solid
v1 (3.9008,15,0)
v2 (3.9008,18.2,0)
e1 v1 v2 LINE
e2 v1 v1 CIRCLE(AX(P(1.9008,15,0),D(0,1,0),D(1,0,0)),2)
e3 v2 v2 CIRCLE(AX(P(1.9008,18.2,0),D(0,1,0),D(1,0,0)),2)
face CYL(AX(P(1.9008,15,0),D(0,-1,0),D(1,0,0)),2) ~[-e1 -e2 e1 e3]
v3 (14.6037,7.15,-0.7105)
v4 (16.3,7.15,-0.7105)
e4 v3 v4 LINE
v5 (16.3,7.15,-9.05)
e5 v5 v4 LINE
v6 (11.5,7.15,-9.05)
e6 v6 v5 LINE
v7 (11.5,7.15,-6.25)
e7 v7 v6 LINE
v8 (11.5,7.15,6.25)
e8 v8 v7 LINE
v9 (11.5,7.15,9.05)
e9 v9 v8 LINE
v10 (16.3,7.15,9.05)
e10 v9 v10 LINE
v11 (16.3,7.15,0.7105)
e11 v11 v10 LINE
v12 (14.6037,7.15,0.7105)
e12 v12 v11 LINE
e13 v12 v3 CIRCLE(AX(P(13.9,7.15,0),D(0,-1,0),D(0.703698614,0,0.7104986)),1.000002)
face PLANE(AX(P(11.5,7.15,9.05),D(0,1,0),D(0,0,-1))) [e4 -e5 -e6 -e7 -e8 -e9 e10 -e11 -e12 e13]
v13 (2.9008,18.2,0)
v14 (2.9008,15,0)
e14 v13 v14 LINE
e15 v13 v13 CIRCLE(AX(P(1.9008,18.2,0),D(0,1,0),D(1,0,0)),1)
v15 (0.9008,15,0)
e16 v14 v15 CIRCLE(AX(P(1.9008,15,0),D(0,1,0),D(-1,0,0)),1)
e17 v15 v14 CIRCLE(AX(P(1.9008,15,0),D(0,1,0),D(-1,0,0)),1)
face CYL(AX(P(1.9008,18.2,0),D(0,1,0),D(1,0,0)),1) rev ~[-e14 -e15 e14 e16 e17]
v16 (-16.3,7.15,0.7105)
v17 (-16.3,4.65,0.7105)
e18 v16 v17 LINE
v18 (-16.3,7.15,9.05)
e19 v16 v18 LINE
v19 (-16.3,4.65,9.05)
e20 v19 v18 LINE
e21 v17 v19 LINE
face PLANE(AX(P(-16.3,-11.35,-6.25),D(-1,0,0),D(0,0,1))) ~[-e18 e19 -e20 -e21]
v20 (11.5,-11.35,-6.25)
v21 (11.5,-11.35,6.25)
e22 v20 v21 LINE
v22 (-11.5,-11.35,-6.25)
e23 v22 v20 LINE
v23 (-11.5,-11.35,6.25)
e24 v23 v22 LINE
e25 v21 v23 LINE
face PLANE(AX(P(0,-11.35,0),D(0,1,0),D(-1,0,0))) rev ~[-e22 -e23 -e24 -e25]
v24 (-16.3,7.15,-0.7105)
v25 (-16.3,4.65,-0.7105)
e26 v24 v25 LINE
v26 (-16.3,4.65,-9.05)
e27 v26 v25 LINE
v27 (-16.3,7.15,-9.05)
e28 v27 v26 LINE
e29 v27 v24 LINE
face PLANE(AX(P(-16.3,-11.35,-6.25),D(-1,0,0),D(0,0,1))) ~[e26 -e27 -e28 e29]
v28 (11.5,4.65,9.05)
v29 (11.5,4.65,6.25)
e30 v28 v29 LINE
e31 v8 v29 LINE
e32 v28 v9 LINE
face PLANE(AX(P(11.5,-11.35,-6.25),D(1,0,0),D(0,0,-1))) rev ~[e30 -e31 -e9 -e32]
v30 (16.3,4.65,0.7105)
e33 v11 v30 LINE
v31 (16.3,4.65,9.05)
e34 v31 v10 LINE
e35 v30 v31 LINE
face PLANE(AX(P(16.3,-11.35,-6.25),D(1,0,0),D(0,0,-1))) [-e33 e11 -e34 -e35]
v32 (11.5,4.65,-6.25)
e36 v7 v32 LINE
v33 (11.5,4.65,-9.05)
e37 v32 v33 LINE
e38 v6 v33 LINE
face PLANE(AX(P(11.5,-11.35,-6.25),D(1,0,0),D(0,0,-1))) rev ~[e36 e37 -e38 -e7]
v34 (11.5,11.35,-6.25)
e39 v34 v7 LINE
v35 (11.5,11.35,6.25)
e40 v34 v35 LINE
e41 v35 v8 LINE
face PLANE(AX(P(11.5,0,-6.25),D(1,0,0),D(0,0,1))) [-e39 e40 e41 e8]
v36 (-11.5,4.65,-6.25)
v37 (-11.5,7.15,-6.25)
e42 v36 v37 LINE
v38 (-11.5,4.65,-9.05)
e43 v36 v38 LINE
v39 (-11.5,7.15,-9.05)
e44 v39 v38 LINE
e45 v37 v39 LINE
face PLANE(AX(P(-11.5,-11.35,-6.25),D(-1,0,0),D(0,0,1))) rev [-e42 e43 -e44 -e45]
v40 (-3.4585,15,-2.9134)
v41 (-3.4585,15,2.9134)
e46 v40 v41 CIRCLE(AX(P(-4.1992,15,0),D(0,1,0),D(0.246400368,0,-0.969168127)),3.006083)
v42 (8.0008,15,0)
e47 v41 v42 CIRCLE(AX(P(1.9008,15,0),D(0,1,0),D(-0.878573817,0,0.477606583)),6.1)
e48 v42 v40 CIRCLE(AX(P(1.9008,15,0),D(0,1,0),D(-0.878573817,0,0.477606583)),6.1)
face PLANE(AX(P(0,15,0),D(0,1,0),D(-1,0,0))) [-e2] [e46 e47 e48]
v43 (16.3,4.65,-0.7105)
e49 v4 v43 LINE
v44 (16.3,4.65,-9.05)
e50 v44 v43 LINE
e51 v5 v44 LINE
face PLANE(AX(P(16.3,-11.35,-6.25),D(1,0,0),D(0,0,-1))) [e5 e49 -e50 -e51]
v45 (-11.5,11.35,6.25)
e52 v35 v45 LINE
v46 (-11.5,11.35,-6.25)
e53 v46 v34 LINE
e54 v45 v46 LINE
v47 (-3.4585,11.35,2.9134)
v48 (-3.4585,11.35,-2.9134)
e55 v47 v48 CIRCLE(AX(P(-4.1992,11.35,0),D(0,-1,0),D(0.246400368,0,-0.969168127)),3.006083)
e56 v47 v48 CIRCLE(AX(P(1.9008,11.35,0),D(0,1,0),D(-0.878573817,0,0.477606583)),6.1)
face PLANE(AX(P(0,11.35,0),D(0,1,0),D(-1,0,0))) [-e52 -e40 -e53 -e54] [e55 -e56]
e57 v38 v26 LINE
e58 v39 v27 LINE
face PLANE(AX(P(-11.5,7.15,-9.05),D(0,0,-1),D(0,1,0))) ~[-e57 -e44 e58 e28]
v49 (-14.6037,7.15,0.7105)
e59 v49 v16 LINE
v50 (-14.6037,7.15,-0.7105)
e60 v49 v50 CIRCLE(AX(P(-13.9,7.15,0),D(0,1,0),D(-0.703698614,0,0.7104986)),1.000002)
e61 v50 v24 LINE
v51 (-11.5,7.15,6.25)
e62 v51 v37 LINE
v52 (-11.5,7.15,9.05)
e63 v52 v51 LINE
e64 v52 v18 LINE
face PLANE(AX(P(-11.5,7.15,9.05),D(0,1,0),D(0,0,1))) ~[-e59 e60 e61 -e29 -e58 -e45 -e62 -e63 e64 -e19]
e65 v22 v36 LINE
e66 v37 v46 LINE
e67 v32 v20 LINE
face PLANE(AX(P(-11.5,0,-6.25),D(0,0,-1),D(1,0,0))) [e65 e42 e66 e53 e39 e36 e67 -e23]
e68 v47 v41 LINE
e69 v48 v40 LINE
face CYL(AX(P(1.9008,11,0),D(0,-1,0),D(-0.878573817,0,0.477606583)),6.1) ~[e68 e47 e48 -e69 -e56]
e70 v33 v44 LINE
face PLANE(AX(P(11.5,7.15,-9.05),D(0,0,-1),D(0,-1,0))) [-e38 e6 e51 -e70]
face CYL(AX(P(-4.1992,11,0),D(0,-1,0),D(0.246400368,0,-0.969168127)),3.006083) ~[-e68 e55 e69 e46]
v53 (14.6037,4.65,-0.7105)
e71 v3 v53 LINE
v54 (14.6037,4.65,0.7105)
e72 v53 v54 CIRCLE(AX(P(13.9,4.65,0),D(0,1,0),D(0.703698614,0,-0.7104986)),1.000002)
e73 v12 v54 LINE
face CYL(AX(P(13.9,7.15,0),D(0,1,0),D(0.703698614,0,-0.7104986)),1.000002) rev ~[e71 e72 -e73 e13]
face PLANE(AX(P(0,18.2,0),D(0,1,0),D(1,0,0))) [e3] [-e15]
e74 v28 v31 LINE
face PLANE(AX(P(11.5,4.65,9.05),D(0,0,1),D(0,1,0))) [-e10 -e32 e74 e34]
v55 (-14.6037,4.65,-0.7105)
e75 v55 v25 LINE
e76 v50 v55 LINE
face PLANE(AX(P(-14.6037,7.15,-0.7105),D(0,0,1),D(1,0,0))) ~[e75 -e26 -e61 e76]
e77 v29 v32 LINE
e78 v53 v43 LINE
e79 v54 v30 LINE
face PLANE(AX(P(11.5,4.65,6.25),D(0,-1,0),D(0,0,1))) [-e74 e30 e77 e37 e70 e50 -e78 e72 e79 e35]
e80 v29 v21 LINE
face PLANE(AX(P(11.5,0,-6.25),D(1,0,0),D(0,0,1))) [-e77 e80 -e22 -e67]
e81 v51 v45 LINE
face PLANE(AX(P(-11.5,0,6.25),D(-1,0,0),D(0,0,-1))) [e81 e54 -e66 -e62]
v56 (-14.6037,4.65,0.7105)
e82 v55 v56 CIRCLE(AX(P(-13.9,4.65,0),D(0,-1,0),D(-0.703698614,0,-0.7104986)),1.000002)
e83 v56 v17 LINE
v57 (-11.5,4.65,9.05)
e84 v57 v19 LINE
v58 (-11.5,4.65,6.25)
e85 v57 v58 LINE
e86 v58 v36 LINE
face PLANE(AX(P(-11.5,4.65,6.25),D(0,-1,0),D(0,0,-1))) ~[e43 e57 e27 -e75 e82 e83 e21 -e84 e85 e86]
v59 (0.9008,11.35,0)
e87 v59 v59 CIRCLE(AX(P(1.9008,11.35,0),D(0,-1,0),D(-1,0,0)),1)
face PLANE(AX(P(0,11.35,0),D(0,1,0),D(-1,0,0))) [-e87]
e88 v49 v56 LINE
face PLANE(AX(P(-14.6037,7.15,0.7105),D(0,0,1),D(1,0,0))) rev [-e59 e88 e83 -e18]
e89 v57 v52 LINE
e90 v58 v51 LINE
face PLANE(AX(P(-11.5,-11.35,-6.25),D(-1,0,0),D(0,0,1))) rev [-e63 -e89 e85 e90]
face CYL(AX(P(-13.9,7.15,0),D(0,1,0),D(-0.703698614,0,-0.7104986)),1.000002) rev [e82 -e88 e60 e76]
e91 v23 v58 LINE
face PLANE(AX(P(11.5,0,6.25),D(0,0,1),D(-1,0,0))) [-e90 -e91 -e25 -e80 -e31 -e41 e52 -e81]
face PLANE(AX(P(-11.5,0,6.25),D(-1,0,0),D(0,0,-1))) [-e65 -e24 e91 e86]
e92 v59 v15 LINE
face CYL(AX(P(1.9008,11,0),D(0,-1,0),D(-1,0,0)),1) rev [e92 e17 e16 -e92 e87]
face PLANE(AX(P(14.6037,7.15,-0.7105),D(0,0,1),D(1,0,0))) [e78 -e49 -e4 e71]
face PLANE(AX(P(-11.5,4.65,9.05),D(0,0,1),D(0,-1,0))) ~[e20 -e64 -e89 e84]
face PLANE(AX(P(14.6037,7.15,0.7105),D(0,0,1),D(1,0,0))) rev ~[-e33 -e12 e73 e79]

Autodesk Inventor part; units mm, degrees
sketch "Sketch1" plane through (0, 0, 0) normal (0, 1, 0) x (-1, 0, 0)
  line L0 (11.5, -6.25) -> (-11.5, -6.25)
  line L1 (-11.5, -6.25) -> (-11.5, 6.25)
  line L2 (-11.5, 6.25) -> (11.5, 6.25)
  line L3 (11.5, 6.25) -> (11.5, -6.25)
  line L4 (11.5, -6.25) -> (-11.5, 6.25) construction
  line L5 (-11.5, -6.25) -> (11.5, 6.25) construction
  point P0 (0, 0)
  dimension "d0" = 23
  dimension "d1" = 12.5
extrude "Extrusion1" add sketch "Sketch1" along normal mid plane 22.7
ref_plane "Work Plane3" through (-11.5, 0, 0) normal (1, 0, 0) x (0, 1, 0)
ref_plane "Work Plane2" through (11.5, 0, 0) normal (1, 0, 0) x (0, 1, 0)
ref_plane "Work Plane4" through (0, 5, 0) normal (0, 1, 0) x (-1, 0, 0)
ref_plane "Work Plane5" through (0, 0, 6.25) normal (0, 0, 1) x (1, 0, 0)
sketch "Sketch2" plane through (11.5, -11.35, -6.25) normal (1, 0, 0) x (0, 0, -1)
  line L0 (0, 0) -> (-12.5, 0) projected
  line L1 (-12.5, 0) -> (-12.5, 16)
  line L2 (-12.5, 0) -> (-12.5, 22.7) projected
  line L3 (-12.5, 16) -> (-15.3, 16)
  line L4 (-15.3, 16) -> (-15.3, 18.5)
  line L5 (-15.3, 18.5) -> (0, 18.5)
  line L6 (0, 18.5) -> (2.8, 18.5)
  line L7 (2.8, 18.5) -> (2.8, 16)
  line L8 (2.8, 16) -> (-12.5, 16)
  point P0 (-6.25, 11.35)
  dimension "d8" = 16
  dimension "d9" = 2.8
  dimension "d10" = 2.5
  dimension "d11" = 2.8
extrude "Extrusion2" add sketch "Sketch2" along normal blind 4.8
mirror "Mirror1" about plane through (0, 0, 0) normal (1, 0, 0) of "Extrusion2"
ref_plane "Work Plane6" through (0, 11, 0) normal (0, 1, 0) x (-1, 0, 0)
sketch "Sketch3" plane through (0, 11, 0) normal (0, 1, 0) x (-1, 0, 0)
  line L0 (-12.5008, 0) -> (-1.9008, 0)
  arc A0 (3.4585, 2.9134) -> (3.4585, -2.9134) centre (-1.9008, 0) ccw
  circle A1 centre (-1.9008, 0) radius 1
  arc A2 (3.4585, -2.9134) -> (3.4585, 2.9134) centre (4.1992, 0) ccw
  point P0 (0, 0)
  dimension "d15" = 10.6
  dimension "d16" = 12.2
  dimension "d17" = 2
extrude "Extrusion3" add sketch "Sketch3" along normal blind 4
sketch "Sketch4" plane through (0, 15, 0) normal (0, 1, 0) x (1, 0, 0)
  circle A0 centre (1.9008, 0) radius 1 projected
  circle A1 centre (1.9008, 0) radius 2
  point P0 (0, 0)
  dimension "d20" = 4
extrude "Extrusion4" add sketch "Sketch4" along normal blind 3.2 contours A0 | A1
sketch "Sketch5" plane through (1.9008, 18.2, 0) normal (0, 1, 0) x (1, 0, 0)
  circle A0 centre (0, 0) radius 1 projected
  circle A1 centre (0, 0) radius 1
  point P0 (-1.9008, 0)
  dimension "d28" = 2
extrude "Extrusion5" cut sketch "Sketch5" against normal blind 3.2
sketch "Sketch6" plane through (11.5, 7.15, -6.25) normal (0, 1, 0) x (1, 0, 0)
  circle A0 centre (-9.5992, -6.25) radius 1 projected
  line L0 (-9.5992, -6.25) -> (1.4, -6.25)
  line L1 (4.8, -15.3) -> (4.8, 2.8) projected
  line L2 (0, -12.5) -> (0, 0) projected
  line L3 (0, -6.25) -> (4.8, -6.25)
  arc A1 (3.1037, -5.5395) -> (3.1037, -6.9605) centre (2.4, -6.25) ccw
  line L4 (2.4, -5.25) -> (2.4, -5.25)
  line L5 (3.1037, -5.5395) -> (4.8, -5.5395)
  line L6 (3.1037, -6.9605) -> (4.8, -6.9605)
  line L7 (4.8, -6.9605) -> (4.8, -5.5395)
  point P0 (-11.5, -6.25)
  dimension "d25" = 2
extrude "Extrusion6" cut sketch "Sketch6" against normal blind 2.5 contours A1 L5 L1 L3 | L3 L1 L6 A1
mirror "Mirror2" about plane through (0, 0, 0) normal (1, 0, 0) of "Extrusion6"
properties part number "Motor"
